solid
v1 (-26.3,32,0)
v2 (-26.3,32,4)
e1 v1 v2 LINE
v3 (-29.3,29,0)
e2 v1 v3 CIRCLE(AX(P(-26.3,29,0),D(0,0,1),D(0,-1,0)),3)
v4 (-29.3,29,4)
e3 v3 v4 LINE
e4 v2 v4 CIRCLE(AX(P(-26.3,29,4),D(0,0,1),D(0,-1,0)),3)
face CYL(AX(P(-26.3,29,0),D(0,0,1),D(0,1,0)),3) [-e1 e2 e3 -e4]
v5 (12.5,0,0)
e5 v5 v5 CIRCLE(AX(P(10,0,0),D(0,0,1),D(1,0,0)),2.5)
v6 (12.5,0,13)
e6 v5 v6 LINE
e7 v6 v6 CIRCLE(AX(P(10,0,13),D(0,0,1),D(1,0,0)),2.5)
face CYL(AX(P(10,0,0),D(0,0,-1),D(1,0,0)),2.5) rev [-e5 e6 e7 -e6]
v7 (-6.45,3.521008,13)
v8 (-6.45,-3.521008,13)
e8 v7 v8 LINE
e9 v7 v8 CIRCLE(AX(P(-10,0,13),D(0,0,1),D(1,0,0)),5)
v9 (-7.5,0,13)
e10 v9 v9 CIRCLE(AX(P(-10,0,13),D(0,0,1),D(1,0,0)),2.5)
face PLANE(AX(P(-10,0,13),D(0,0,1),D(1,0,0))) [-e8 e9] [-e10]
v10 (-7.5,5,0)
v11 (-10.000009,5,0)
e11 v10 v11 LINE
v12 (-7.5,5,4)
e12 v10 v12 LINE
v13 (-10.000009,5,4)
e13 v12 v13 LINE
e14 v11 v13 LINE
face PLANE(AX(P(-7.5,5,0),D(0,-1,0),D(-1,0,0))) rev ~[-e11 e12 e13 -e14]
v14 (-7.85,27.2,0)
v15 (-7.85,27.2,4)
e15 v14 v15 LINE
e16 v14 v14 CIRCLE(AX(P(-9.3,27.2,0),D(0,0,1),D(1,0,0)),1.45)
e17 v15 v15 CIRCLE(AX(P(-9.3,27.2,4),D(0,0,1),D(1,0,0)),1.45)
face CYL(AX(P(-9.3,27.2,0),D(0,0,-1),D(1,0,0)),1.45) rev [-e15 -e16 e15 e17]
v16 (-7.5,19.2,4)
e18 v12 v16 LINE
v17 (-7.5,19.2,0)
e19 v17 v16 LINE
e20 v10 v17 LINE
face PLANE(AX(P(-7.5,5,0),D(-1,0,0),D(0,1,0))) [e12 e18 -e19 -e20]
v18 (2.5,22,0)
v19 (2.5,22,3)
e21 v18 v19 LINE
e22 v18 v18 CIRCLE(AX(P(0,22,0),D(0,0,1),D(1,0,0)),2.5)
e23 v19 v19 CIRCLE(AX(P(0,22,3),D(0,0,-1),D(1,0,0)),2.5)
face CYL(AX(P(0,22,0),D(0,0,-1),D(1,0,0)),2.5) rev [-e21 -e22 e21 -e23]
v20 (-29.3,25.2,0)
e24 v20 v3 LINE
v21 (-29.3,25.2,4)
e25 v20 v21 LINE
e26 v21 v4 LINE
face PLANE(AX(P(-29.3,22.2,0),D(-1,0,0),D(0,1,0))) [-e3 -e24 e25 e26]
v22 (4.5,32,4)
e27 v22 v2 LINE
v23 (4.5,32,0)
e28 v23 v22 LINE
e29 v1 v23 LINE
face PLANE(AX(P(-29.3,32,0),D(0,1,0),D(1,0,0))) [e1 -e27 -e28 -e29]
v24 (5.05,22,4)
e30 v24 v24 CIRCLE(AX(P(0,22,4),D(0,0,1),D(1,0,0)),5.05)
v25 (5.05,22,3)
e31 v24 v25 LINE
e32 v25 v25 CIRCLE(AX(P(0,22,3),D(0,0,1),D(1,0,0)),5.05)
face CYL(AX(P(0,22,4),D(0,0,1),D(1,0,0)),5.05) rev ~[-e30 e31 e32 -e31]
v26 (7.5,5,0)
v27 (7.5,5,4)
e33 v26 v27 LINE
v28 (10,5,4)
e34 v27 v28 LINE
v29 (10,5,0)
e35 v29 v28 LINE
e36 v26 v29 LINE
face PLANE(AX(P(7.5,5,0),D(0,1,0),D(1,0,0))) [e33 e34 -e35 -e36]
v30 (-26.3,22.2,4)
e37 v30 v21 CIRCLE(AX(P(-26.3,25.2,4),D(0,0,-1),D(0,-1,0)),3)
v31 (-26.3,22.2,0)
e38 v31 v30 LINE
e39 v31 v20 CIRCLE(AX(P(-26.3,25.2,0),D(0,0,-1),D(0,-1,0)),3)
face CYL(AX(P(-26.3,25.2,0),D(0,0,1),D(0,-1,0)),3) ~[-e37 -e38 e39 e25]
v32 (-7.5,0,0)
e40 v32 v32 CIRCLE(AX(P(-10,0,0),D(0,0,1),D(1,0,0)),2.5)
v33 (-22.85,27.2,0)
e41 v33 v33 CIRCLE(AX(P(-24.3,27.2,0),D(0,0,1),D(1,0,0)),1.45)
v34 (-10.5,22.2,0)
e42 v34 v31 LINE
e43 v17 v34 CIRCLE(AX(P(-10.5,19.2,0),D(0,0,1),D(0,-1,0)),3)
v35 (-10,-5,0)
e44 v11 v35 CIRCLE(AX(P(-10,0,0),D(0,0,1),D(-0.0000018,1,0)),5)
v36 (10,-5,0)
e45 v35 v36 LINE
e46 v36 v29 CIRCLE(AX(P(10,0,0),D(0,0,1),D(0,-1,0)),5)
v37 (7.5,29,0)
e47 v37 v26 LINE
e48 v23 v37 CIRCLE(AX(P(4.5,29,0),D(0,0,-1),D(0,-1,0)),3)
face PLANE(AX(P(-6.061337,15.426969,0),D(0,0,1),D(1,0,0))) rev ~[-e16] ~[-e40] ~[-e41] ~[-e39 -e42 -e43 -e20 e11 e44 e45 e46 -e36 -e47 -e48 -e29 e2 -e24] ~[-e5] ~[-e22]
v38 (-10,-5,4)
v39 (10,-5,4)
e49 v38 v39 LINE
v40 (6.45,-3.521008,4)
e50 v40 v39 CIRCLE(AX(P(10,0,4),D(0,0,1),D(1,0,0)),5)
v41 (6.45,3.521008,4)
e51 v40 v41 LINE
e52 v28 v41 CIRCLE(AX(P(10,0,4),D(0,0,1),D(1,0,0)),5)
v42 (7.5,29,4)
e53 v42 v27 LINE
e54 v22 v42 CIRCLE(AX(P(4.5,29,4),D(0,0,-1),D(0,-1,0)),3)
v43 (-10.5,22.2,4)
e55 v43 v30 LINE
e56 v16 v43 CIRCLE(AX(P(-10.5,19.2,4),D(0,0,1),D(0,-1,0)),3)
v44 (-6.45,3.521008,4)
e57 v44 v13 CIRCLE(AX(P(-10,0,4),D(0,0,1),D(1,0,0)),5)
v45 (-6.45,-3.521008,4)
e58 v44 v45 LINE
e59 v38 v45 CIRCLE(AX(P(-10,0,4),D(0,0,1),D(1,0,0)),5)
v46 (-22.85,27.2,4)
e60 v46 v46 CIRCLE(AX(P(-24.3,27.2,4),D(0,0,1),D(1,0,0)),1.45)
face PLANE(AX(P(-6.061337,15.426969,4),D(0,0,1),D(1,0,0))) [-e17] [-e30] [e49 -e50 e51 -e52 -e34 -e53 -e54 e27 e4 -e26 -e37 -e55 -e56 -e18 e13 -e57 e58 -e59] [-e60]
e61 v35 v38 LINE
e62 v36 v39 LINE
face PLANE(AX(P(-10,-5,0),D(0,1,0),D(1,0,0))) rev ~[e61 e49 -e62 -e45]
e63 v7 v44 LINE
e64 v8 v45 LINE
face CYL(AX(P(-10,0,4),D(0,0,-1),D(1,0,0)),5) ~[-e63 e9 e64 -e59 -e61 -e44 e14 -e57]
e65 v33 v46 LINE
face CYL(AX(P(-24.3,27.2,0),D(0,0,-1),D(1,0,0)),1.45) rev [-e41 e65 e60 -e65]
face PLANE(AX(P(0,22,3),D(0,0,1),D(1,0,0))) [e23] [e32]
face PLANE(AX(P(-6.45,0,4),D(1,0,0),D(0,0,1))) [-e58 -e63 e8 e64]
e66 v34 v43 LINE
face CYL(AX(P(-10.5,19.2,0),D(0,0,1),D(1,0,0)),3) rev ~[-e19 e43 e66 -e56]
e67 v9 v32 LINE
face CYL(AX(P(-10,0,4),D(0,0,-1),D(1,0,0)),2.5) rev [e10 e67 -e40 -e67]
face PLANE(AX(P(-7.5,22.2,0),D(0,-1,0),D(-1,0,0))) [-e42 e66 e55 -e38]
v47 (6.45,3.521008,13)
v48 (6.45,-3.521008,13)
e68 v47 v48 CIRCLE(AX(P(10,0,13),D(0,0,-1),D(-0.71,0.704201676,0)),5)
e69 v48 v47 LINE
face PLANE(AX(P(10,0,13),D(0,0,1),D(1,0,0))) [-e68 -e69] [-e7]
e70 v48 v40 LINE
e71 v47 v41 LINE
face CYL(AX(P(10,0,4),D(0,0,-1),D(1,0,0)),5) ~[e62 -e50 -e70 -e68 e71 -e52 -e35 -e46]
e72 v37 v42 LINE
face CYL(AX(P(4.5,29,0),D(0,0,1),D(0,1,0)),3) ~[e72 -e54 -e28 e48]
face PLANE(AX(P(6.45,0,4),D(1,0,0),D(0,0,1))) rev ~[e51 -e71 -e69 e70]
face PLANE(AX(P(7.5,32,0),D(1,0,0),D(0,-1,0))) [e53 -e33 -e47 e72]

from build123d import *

# Parameters (mm, degrees)
SKETCH_R          = 2.5
SKETCH_R_2        = 1.45
PAD_DEPTH         = 4
SKETCH003_R       = 5
SKETCH003_R_2     = 2.5
PAD001_DEPTH      = 9
SKETCH002_W       = 12.9
SKETCH002_H       = 16.151024
POCKET_DEPTH      = 32.001
POCKET_DEPTH_BACK = 5.001
FILLET_R          = 3
SKETCH004_R       = 5.05
POCKET001_DEPTH   = 1


with BuildPart() as part:
    # Sketch → Pad (new body)
    with BuildSketch(Plane.XY):
        with BuildLine():
            Line((-10, -5), (10, -5))
            ThreePointArc((10, -5), (15, 0), (10, 5))
            Line((7.5, 5), (10, 5))
            Line((7.5, 32), (7.5, 5))
            Line((-7.5, 32), (7.5, 32))
            Line((-29.3, 32), (-7.5, 32))
            Line((-29.3, 22.2), (-29.3, 32))
            Line((-7.5, 22.2), (-29.3, 22.2))
            Line((-7.5, 5), (-7.5, 22.2))
            Line((-7.5, 5), (-10.000009, 5))
            ThreePointArc((-10.000009, 5), (-15, -4e-06), (-10, -5))
        make_face()
        with Locations((-10, 0)):
            Circle(SKETCH_R, mode=Mode.SUBTRACT)
        with Locations((10, 0)):
            Circle(SKETCH_R, mode=Mode.SUBTRACT)
        with Locations((0, 22)):
            Circle(SKETCH_R, mode=Mode.SUBTRACT)
        with Locations((-9.3, 27.2)):
            Circle(SKETCH_R_2, mode=Mode.SUBTRACT)
        with Locations((-24.3, 27.2)):
            Circle(SKETCH_R_2, mode=Mode.SUBTRACT)
    extrude(amount=PAD_DEPTH)

    # Sketch003 (on DatumPlane) → Pad001 (join)
    with BuildSketch(Plane.XY.offset(4)):
        with Locations((-10, 0)):
            Circle(SKETCH003_R)
        with Locations((-10, 0)):
            Circle(SKETCH003_R_2, mode=Mode.SUBTRACT)
        with Locations((10, 0)):
            Circle(SKETCH003_R)
        with Locations((10, 0)):
            Circle(SKETCH003_R_2, mode=Mode.SUBTRACT)
    extrude(amount=PAD001_DEPTH)

    # Sketch002 → Pocket (cut, two sides)
    with BuildSketch(Plane.XZ) as pocket_sk:
        with Locations((0, 12.075512)):
            Rectangle(SKETCH002_W, SKETCH002_H)
    extrude(amount=-POCKET_DEPTH, mode=Mode.SUBTRACT)
    extrude(pocket_sk.sketch, amount=POCKET_DEPTH_BACK, mode=Mode.SUBTRACT)

    # Fillet
    fillet_edges = [part.edges().sort_by_distance(p)[0] for p in [
        (-29.3, 22.2, 2),
        (-29.3, 32, 2),
        (-7.5, 22.2, 2),
        (7.5, 32, 2),
    ]]
    fillet(fillet_edges, radius=FILLET_R)

    # Sketch004 (on Face5 of Fillet) → Pocket001 (cut)
    with BuildSketch(Plane.XY.offset(4)):
        with Locations((0, 22)):
            Circle(SKETCH004_R)
    extrude(amount=-POCKET001_DEPTH, mode=Mode.SUBTRACT)


solid = part.part
